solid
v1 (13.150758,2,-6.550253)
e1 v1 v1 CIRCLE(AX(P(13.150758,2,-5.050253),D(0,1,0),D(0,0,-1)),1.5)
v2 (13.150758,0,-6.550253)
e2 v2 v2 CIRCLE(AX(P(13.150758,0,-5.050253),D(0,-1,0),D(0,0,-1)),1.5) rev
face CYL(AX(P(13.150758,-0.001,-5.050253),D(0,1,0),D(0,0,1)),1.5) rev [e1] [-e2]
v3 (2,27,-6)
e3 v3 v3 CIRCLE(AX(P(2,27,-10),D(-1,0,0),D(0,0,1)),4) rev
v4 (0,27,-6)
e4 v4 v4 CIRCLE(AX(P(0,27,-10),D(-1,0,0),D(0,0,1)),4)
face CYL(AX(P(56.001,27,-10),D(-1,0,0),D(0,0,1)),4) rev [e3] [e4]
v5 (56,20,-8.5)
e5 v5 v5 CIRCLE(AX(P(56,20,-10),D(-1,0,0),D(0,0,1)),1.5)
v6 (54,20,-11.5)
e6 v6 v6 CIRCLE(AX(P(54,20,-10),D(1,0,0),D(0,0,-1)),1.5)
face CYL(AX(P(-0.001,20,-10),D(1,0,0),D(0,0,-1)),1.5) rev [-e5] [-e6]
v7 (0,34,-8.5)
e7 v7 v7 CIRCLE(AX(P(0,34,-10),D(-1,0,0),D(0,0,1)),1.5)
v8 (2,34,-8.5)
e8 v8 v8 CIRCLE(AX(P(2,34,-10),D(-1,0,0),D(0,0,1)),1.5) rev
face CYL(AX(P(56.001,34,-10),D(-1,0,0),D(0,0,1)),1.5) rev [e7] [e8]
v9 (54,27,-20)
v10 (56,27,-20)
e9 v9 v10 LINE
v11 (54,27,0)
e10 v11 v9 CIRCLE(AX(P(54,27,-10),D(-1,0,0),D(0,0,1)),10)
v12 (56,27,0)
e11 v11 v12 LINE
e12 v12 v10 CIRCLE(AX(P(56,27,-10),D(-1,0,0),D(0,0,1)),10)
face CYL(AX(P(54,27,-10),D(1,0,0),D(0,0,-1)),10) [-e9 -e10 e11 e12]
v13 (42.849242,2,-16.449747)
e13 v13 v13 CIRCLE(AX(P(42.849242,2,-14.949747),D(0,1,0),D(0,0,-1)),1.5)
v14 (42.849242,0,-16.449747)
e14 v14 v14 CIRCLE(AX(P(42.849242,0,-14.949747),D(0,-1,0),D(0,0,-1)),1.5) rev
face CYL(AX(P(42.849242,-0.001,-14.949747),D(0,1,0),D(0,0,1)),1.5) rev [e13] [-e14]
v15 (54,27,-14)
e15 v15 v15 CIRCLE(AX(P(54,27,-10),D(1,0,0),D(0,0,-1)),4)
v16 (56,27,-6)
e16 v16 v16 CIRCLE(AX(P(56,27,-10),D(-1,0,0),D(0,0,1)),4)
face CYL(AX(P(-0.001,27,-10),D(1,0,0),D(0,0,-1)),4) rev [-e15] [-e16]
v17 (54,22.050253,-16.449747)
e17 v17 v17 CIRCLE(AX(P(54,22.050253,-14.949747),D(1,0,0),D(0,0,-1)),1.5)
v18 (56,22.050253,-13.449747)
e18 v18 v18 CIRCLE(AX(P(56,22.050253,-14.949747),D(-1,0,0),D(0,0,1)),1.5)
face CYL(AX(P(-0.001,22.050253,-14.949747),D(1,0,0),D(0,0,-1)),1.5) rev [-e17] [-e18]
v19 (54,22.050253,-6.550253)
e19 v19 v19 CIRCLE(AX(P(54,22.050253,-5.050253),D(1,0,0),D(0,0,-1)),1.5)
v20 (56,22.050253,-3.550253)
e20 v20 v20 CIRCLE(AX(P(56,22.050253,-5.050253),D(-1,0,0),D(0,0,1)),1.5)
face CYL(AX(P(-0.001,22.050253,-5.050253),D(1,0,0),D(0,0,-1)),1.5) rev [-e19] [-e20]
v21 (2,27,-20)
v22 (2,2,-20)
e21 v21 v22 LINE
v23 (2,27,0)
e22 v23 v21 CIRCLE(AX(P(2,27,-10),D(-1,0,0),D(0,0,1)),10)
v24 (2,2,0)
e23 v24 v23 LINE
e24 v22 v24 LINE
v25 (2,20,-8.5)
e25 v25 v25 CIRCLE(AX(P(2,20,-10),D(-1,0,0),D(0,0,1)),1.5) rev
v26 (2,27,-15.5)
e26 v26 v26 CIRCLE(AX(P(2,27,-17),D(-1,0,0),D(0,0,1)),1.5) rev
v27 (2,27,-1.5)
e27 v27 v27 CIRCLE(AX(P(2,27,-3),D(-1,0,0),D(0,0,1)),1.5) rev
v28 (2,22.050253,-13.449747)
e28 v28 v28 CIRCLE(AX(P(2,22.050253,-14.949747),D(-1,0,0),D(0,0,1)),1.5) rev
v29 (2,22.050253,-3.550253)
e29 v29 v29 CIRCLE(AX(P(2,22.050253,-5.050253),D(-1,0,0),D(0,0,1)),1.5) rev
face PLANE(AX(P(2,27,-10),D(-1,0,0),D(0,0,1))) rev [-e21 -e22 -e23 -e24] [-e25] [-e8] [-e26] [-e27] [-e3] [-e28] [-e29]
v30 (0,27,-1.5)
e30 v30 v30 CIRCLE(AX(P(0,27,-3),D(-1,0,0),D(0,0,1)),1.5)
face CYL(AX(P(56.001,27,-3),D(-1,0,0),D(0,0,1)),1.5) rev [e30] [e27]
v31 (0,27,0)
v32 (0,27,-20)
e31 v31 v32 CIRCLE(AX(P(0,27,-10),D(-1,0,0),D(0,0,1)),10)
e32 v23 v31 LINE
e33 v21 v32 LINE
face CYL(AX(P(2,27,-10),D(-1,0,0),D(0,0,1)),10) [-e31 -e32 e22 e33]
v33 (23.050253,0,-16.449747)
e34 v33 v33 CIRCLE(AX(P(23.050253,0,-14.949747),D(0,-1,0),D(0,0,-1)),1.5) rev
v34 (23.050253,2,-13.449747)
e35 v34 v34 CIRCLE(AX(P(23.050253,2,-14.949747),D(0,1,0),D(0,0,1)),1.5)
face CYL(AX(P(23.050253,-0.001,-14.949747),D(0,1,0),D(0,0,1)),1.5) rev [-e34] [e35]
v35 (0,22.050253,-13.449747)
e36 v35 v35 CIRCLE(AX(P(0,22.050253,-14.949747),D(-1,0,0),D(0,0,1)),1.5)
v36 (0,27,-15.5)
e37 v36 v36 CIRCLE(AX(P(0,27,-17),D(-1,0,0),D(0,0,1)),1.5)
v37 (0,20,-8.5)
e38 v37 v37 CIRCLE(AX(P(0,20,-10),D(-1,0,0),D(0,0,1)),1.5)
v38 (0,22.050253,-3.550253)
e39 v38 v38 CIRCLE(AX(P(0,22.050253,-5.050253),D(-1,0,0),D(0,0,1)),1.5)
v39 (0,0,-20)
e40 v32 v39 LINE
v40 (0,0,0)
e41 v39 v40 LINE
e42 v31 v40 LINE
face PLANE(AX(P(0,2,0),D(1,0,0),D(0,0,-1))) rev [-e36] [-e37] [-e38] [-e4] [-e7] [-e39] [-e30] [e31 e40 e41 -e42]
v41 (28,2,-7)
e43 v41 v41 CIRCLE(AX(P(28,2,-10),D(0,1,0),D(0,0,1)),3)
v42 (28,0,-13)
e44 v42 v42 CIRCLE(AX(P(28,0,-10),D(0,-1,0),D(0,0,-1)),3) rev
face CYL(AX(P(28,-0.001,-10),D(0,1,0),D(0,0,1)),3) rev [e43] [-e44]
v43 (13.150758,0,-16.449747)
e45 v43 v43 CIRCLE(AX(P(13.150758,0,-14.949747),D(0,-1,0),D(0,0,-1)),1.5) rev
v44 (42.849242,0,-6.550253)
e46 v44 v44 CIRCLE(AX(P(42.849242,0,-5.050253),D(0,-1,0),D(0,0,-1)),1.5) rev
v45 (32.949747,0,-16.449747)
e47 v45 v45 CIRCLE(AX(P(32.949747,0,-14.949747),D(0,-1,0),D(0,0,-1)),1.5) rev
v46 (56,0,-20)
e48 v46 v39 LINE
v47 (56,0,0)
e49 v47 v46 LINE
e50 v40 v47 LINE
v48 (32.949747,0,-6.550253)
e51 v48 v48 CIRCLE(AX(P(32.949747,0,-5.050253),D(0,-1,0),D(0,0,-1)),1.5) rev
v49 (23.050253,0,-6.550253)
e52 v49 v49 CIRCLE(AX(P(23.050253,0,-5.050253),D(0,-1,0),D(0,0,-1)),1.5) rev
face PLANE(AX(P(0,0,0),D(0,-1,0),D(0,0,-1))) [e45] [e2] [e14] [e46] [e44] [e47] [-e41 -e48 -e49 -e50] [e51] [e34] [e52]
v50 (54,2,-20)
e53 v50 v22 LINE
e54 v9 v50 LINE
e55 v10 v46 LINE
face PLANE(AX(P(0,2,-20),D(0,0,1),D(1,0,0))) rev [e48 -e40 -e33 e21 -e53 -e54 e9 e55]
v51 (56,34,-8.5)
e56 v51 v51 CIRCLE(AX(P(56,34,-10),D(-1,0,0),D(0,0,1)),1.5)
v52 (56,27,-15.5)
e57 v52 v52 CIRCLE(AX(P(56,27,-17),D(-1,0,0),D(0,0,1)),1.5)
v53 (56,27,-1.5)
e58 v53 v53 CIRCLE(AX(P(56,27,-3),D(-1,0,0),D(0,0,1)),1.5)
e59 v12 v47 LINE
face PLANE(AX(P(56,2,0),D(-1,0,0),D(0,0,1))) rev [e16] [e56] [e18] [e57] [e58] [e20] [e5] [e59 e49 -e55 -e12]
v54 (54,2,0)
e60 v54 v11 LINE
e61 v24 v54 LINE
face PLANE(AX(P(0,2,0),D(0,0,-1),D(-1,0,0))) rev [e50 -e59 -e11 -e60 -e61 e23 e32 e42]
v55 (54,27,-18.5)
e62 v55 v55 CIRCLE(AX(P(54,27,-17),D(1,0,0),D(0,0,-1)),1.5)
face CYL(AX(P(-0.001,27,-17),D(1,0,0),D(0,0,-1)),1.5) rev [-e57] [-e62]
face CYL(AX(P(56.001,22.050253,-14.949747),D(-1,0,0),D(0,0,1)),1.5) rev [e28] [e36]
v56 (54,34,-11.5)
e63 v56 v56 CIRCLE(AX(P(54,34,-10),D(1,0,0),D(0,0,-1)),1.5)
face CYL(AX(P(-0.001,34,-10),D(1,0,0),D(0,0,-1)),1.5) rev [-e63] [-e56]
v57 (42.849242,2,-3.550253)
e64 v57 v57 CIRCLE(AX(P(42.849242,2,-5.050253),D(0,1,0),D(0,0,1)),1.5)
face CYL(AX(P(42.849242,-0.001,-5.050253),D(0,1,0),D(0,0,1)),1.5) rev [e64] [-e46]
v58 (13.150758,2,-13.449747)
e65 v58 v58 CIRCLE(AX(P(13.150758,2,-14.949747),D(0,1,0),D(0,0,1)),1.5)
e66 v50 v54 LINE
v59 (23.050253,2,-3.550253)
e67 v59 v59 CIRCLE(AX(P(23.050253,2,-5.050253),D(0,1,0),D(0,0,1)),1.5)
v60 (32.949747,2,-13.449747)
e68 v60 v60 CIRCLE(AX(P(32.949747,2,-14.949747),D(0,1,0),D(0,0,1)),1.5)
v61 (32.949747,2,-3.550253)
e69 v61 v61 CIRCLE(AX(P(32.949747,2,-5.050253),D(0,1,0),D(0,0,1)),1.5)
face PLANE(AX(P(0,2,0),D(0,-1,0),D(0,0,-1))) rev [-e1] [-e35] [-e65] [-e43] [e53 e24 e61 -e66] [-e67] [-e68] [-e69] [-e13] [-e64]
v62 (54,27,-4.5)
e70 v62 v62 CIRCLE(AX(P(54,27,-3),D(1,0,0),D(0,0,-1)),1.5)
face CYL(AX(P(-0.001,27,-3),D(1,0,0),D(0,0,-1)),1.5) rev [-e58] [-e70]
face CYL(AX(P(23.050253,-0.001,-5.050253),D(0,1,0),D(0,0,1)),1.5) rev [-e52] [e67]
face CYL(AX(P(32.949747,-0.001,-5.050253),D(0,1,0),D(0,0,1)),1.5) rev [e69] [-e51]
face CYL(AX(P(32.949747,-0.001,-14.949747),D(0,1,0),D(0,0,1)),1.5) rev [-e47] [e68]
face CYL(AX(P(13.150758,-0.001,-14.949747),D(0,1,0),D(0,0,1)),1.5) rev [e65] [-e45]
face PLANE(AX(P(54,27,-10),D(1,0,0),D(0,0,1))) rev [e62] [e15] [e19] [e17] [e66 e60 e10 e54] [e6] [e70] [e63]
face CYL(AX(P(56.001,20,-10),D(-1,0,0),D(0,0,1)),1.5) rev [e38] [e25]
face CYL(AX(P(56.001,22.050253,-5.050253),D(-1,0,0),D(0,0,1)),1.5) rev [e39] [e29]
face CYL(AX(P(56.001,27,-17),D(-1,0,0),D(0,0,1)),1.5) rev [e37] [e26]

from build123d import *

# Parameters (mm, degrees)
SKETCH_1_W          = 56
SKETCH_1_H          = 20
EXTRUDE_1_DEPTH     = 2
CUT_EXTRUDE_1_REACH = 4
SKETCH_2_R          = 3
SKETCH_2_R_2        = 1.5
EXTRUDE_2_DEPTH     = 2
SKETCH_4_R          = 4
SKETCH_4_R_2        = 1.5
CUT_EXTRUDE_2_DEPTH = 2


with BuildPart() as part:
    # 草图1 → 凸台-拉伸1 (new body)
    with BuildSketch(Plane(origin=(0, 0, 0), x_dir=(1, 0, 0), z_dir=(0, 1, 0))):
        with Locations((28, 10)):
            Rectangle(SKETCH_1_W, SKETCH_1_H)
    extrude(amount=EXTRUDE_1_DEPTH)

    # 草图2 → 切除-拉伸1 (cut, up to next)
    with BuildSketch(Plane(origin=(0, 2, 0), x_dir=(1, 0, 0), z_dir=(0, 1, 0)), mode=Mode.PRIVATE) as cut_extrude_1_sk1:
        with Locations((28, 10)):
            Circle(SKETCH_2_R)
    cut_extrude_1_tool1 = extrude(cut_extrude_1_sk1.sketch, amount=-CUT_EXTRUDE_1_REACH, mode=Mode.PRIVATE) & part.part
    add(cut_extrude_1_tool1.solids().sort_by_distance((28, 2, -10))[0], mode=Mode.SUBTRACT)
    # 草图2 → 切除-拉伸1 (cut, up to next)
    with BuildSketch(Plane(origin=(0, 2, 0), x_dir=(1, 0, 0), z_dir=(0, 1, 0)), mode=Mode.PRIVATE) as cut_extrude_1_sk2:
        with Locations((32.949747468, 5.050252532)):
            Circle(SKETCH_2_R_2)
    cut_extrude_1_tool2 = extrude(cut_extrude_1_sk2.sketch, amount=-CUT_EXTRUDE_1_REACH, mode=Mode.PRIVATE) & part.part
    add(cut_extrude_1_tool2.solids().sort_by_distance((32.949747, 2, -5.050253))[0], mode=Mode.SUBTRACT)
    # 草图2 → 切除-拉伸1 (cut, up to next)
    with BuildSketch(Plane(origin=(0, 2, 0), x_dir=(1, 0, 0), z_dir=(0, 1, 0)), mode=Mode.PRIVATE) as cut_extrude_1_sk3:
        with Locations((23.050252532, 5.050252532)):
            Circle(SKETCH_2_R_2)
    cut_extrude_1_tool3 = extrude(cut_extrude_1_sk3.sketch, amount=-CUT_EXTRUDE_1_REACH, mode=Mode.PRIVATE) & part.part
    add(cut_extrude_1_tool3.solids().sort_by_distance((23.050253, 2, -5.050253))[0], mode=Mode.SUBTRACT)
    # 草图2 → 切除-拉伸1 (cut, up to next)
    with BuildSketch(Plane(origin=(0, 2, 0), x_dir=(1, 0, 0), z_dir=(0, 1, 0)), mode=Mode.PRIVATE) as cut_extrude_1_sk4:
        with Locations((23.050252532, 14.949747468)):
            Circle(SKETCH_2_R_2)
    cut_extrude_1_tool4 = extrude(cut_extrude_1_sk4.sketch, amount=-CUT_EXTRUDE_1_REACH, mode=Mode.PRIVATE) & part.part
    add(cut_extrude_1_tool4.solids().sort_by_distance((23.050253, 2, -14.949747))[0], mode=Mode.SUBTRACT)
    # 草图2 → 切除-拉伸1 (cut, up to next)
    with BuildSketch(Plane(origin=(0, 2, 0), x_dir=(1, 0, 0), z_dir=(0, 1, 0)), mode=Mode.PRIVATE) as cut_extrude_1_sk5:
        with Locations((32.949747468, 14.949747468)):
            Circle(SKETCH_2_R_2)
    cut_extrude_1_tool5 = extrude(cut_extrude_1_sk5.sketch, amount=-CUT_EXTRUDE_1_REACH, mode=Mode.PRIVATE) & part.part
    add(cut_extrude_1_tool5.solids().sort_by_distance((32.949747, 2, -14.949747))[0], mode=Mode.SUBTRACT)
    # 草图2 → 切除-拉伸1 (cut, up to next)
    with BuildSketch(Plane(origin=(0, 2, 0), x_dir=(1, 0, 0), z_dir=(0, 1, 0)), mode=Mode.PRIVATE) as cut_extrude_1_sk6:
        with Locations((13.150757595, 14.949747468)):
            Circle(SKETCH_2_R_2)
    cut_extrude_1_tool6 = extrude(cut_extrude_1_sk6.sketch, amount=-CUT_EXTRUDE_1_REACH, mode=Mode.PRIVATE) & part.part
    add(cut_extrude_1_tool6.solids().sort_by_distance((13.150758, 2, -14.949747))[0], mode=Mode.SUBTRACT)
    # 草图2 → 切除-拉伸1 (cut, up to next)
    with BuildSketch(Plane(origin=(0, 2, 0), x_dir=(1, 0, 0), z_dir=(0, 1, 0)), mode=Mode.PRIVATE) as cut_extrude_1_sk7:
        with Locations((13.150757595, 5.050252532)):
            Circle(SKETCH_2_R_2)
    cut_extrude_1_tool7 = extrude(cut_extrude_1_sk7.sketch, amount=-CUT_EXTRUDE_1_REACH, mode=Mode.PRIVATE) & part.part
    add(cut_extrude_1_tool7.solids().sort_by_distance((13.150758, 2, -5.050253))[0], mode=Mode.SUBTRACT)
    # 草图2 → 切除-拉伸1 (cut, up to next)
    with BuildSketch(Plane(origin=(0, 2, 0), x_dir=(1, 0, 0), z_dir=(0, 1, 0)), mode=Mode.PRIVATE) as cut_extrude_1_sk8:
        with Locations((42.849242405, 5.050252532)):
            Circle(SKETCH_2_R_2)
    cut_extrude_1_tool8 = extrude(cut_extrude_1_sk8.sketch, amount=-CUT_EXTRUDE_1_REACH, mode=Mode.PRIVATE) & part.part
    add(cut_extrude_1_tool8.solids().sort_by_distance((42.849242, 2, -5.050253))[0], mode=Mode.SUBTRACT)
    # 草图2 → 切除-拉伸1 (cut, up to next)
    with BuildSketch(Plane(origin=(0, 2, 0), x_dir=(1, 0, 0), z_dir=(0, 1, 0)), mode=Mode.PRIVATE) as cut_extrude_1_sk9:
        with Locations((42.849242405, 14.949747468)):
            Circle(SKETCH_2_R_2)
    cut_extrude_1_tool9 = extrude(cut_extrude_1_sk9.sketch, amount=-CUT_EXTRUDE_1_REACH, mode=Mode.PRIVATE) & part.part
    add(cut_extrude_1_tool9.solids().sort_by_distance((42.849242, 2, -14.949747))[0], mode=Mode.SUBTRACT)

    # 草图3 → 凸台-拉伸2 (add)
    with BuildSketch(Plane.ZY):
        with BuildLine():
            Line((-20, 2), (0, 2))
            Line((0, 2), (0, 27))
            ThreePointArc((0, 27), (-10, 37), (-20, 27))
            Line((-20, 27), (-20, 2))
        make_face()
    extrude_2 = extrude(amount=-EXTRUDE_2_DEPTH)

    # 草图4 → 切除-拉伸2 (cut)
    with BuildSketch(Plane.ZY):
        with Locations((-10, 27)):
            Circle(SKETCH_4_R)
        with Locations((-10, 34)):
            Circle(SKETCH_4_R_2)
        with Locations((-3, 27)):
            Circle(SKETCH_4_R_2)
        with Locations((-5.050252532, 22.050252532)):
            Circle(SKETCH_4_R_2)
        with Locations((-10, 20)):
            Circle(SKETCH_4_R_2)
        with Locations((-14.949747468, 22.050252532)):
            Circle(SKETCH_4_R_2)
        with Locations((-17, 27)):
            Circle(SKETCH_4_R_2)
    cut_extrude_2 = extrude(amount=-CUT_EXTRUDE_2_DEPTH, mode=Mode.SUBTRACT)

    # 镜向1: 凸台-拉伸2, 切除-拉伸2 across plane
    add(extrude_2.mirror(Plane.ZY.offset(-28)))
    add(cut_extrude_2.mirror(Plane.ZY.offset(-28)), mode=Mode.SUBTRACT)


solid = part.part
